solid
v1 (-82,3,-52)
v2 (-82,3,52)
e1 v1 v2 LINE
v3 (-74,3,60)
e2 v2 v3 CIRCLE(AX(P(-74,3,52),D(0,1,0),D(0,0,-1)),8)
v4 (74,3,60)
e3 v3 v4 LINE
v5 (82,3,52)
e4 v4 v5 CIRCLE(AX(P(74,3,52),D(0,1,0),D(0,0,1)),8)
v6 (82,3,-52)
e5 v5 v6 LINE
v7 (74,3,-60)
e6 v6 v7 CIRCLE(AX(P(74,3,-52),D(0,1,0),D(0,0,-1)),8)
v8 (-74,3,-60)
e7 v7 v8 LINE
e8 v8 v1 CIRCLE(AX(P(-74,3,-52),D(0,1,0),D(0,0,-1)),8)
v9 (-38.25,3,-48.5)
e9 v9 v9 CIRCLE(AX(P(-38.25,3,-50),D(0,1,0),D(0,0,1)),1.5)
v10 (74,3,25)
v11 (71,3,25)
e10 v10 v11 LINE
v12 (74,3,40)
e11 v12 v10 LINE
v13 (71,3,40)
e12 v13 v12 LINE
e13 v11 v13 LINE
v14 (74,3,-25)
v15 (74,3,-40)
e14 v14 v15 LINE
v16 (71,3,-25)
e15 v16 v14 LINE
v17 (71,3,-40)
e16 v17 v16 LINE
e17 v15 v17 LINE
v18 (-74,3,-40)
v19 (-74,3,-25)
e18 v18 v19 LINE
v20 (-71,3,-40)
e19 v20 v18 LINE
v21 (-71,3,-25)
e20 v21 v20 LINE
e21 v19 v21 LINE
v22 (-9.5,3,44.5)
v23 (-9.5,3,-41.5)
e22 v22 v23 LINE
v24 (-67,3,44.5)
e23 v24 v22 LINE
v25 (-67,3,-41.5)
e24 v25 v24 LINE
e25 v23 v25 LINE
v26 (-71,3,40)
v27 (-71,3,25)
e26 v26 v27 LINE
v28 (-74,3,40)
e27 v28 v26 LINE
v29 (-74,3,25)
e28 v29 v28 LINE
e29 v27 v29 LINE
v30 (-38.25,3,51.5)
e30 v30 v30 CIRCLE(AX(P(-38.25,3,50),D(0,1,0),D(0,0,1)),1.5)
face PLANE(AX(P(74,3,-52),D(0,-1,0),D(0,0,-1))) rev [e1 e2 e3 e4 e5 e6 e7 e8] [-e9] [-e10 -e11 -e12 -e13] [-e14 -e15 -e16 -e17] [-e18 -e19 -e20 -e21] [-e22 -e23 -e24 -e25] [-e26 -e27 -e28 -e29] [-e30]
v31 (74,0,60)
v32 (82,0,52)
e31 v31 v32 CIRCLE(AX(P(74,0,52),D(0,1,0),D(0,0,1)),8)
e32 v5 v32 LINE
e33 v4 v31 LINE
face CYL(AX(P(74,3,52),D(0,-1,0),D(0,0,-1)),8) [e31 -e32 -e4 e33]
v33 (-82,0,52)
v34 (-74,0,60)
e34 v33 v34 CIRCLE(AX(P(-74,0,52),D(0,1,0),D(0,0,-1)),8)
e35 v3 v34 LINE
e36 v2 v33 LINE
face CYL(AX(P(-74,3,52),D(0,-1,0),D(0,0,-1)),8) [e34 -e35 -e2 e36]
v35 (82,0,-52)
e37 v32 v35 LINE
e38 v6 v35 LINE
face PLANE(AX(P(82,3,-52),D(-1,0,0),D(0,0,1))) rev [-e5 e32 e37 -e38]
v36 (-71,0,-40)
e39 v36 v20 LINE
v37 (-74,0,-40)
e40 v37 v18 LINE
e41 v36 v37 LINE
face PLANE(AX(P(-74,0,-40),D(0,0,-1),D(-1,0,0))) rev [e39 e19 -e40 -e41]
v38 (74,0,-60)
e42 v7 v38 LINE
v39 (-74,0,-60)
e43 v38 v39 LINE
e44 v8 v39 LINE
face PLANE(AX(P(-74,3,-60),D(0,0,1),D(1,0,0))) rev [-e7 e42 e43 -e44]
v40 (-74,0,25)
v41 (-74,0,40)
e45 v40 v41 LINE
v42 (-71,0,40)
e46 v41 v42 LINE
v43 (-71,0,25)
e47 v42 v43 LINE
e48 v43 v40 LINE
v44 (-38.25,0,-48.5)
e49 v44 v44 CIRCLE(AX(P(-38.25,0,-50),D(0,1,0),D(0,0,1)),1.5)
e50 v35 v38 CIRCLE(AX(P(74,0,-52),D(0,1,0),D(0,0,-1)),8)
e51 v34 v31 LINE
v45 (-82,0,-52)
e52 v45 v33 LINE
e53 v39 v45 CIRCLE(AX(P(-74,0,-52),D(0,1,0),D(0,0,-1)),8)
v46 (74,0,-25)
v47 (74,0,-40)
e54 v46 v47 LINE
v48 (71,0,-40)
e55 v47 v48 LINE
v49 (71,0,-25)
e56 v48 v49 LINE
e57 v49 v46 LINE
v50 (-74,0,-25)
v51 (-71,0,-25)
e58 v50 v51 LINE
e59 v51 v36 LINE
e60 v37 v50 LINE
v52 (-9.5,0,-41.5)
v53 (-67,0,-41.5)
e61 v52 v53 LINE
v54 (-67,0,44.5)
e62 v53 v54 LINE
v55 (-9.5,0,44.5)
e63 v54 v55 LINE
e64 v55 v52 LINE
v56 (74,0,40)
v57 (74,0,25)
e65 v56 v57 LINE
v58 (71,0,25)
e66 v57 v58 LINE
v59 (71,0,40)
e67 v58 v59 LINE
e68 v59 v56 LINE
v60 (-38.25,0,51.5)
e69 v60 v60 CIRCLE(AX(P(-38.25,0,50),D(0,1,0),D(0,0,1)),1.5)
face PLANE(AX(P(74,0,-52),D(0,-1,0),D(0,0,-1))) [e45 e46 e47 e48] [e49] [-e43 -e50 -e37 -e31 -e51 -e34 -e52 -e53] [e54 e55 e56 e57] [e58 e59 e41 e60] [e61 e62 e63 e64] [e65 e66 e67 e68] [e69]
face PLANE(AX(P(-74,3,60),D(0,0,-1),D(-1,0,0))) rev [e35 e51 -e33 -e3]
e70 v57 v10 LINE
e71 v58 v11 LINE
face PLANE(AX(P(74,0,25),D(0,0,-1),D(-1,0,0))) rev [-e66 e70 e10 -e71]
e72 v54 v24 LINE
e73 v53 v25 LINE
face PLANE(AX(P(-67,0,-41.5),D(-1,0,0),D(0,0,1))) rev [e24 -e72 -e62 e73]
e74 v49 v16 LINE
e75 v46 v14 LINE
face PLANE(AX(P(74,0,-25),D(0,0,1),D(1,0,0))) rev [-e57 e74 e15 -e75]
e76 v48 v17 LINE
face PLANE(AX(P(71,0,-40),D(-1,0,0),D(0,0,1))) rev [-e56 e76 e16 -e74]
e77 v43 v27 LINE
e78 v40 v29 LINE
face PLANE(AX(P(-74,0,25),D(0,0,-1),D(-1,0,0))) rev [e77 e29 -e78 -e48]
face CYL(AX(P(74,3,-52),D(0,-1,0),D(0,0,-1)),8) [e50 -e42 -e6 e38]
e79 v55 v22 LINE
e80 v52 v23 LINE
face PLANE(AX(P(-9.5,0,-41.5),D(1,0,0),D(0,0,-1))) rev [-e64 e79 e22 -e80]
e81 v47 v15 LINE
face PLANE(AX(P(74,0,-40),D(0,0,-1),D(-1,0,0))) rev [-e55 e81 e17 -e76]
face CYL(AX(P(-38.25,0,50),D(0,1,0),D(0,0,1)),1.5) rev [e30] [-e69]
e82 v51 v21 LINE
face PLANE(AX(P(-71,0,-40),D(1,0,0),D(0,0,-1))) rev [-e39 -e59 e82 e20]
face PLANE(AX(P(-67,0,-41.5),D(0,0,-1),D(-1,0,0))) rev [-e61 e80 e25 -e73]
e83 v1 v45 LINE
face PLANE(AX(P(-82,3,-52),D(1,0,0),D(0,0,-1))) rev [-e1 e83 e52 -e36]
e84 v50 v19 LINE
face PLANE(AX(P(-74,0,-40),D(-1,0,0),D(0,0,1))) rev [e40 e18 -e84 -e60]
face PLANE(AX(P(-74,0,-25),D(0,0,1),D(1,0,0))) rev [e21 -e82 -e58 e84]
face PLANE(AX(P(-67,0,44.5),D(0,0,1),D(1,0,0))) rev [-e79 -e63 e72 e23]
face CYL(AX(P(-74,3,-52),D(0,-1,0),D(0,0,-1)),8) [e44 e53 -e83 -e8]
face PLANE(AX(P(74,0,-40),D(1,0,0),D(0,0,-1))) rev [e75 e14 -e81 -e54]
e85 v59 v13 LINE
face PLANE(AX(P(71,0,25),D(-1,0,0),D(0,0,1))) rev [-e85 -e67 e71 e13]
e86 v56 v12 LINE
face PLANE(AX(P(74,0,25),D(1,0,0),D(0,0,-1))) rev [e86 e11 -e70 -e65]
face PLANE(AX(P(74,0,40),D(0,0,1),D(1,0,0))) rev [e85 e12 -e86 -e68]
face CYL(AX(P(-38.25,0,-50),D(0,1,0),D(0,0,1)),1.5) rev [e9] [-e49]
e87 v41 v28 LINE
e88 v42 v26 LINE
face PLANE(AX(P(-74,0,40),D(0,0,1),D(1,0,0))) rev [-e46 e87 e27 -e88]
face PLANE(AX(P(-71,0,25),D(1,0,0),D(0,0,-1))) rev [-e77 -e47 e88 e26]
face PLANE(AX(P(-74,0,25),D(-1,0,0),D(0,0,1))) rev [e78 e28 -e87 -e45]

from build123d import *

# Parameters (mm, degrees)
BOSS_EXTRUDE1_DEPTH = 3
SKETCH2_R           = 1.5
SKETCH2_W           = 57.5
SKETCH2_H           = 86
CUT_EXTRUDE1_DEPTH  = 102.651364969
SKETCH3_W           = 3
SKETCH3_H           = 15
CUT_EXTRUDE2_DEPTH  = 102.651364969


with BuildPart() as part:
    # Sketch1 → Boss-Extrude1 (new body)
    with BuildSketch(Plane(origin=(0, 0, 0), x_dir=(1, 0, 0), z_dir=(0, 1, 0))):
        with BuildLine():
            Line((-74, 60), (74, 60))
            ThreePointArc((74, 60), (79.656854249, 57.656854249), (82, 52))
            Line((82, 52), (82, -52))
            ThreePointArc((82, -52), (79.656854249, -57.656854249), (74, -60))
            Line((74, -60), (-74, -60))
            ThreePointArc((-74, -60), (-79.656854249, -57.656854249), (-82, -52))
            Line((-82, -52), (-82, 52))
            ThreePointArc((-82, 52), (-79.656854249, 57.656854249), (-74, 60))
        make_face()
    extrude(amount=BOSS_EXTRUDE1_DEPTH)

    # Sketch2 → Cut-Extrude1 (cut, through all)
    with BuildSketch(Plane(origin=(0, 3, 0), x_dir=(1, 0, 0), z_dir=(0, 1, 0))):
        with Locations(Location((-38.25, 50, 0), (0, 0, 270))):
            Circle(SKETCH2_R)
        with Locations(Location((-38.25, -50, 0), (0, 0, 270))):
            Circle(SKETCH2_R)
        with Locations((-38.25, -1.5)):
            Rectangle(SKETCH2_W, SKETCH2_H)
    extrude(amount=-CUT_EXTRUDE1_DEPTH, mode=Mode.SUBTRACT)

    # Sketch3 → Cut-Extrude2 (cut, through all)
    with BuildSketch(Plane(origin=(0, 3, 0), x_dir=(1, 0, 0), z_dir=(0, 1, 0))):
        with Locations((-72.5, 32.5)):
            Rectangle(SKETCH3_W, SKETCH3_H)
        with Locations((-72.5, -32.5)):
            Rectangle(SKETCH3_W, SKETCH3_H)
        with Locations((72.5, -32.5)):
            Rectangle(SKETCH3_W, SKETCH3_H)
        with Locations((72.5, 32.5)):
            Rectangle(SKETCH3_W, SKETCH3_H)
    extrude(amount=-CUT_EXTRUDE2_DEPTH, mode=Mode.SUBTRACT)


solid = part.part
